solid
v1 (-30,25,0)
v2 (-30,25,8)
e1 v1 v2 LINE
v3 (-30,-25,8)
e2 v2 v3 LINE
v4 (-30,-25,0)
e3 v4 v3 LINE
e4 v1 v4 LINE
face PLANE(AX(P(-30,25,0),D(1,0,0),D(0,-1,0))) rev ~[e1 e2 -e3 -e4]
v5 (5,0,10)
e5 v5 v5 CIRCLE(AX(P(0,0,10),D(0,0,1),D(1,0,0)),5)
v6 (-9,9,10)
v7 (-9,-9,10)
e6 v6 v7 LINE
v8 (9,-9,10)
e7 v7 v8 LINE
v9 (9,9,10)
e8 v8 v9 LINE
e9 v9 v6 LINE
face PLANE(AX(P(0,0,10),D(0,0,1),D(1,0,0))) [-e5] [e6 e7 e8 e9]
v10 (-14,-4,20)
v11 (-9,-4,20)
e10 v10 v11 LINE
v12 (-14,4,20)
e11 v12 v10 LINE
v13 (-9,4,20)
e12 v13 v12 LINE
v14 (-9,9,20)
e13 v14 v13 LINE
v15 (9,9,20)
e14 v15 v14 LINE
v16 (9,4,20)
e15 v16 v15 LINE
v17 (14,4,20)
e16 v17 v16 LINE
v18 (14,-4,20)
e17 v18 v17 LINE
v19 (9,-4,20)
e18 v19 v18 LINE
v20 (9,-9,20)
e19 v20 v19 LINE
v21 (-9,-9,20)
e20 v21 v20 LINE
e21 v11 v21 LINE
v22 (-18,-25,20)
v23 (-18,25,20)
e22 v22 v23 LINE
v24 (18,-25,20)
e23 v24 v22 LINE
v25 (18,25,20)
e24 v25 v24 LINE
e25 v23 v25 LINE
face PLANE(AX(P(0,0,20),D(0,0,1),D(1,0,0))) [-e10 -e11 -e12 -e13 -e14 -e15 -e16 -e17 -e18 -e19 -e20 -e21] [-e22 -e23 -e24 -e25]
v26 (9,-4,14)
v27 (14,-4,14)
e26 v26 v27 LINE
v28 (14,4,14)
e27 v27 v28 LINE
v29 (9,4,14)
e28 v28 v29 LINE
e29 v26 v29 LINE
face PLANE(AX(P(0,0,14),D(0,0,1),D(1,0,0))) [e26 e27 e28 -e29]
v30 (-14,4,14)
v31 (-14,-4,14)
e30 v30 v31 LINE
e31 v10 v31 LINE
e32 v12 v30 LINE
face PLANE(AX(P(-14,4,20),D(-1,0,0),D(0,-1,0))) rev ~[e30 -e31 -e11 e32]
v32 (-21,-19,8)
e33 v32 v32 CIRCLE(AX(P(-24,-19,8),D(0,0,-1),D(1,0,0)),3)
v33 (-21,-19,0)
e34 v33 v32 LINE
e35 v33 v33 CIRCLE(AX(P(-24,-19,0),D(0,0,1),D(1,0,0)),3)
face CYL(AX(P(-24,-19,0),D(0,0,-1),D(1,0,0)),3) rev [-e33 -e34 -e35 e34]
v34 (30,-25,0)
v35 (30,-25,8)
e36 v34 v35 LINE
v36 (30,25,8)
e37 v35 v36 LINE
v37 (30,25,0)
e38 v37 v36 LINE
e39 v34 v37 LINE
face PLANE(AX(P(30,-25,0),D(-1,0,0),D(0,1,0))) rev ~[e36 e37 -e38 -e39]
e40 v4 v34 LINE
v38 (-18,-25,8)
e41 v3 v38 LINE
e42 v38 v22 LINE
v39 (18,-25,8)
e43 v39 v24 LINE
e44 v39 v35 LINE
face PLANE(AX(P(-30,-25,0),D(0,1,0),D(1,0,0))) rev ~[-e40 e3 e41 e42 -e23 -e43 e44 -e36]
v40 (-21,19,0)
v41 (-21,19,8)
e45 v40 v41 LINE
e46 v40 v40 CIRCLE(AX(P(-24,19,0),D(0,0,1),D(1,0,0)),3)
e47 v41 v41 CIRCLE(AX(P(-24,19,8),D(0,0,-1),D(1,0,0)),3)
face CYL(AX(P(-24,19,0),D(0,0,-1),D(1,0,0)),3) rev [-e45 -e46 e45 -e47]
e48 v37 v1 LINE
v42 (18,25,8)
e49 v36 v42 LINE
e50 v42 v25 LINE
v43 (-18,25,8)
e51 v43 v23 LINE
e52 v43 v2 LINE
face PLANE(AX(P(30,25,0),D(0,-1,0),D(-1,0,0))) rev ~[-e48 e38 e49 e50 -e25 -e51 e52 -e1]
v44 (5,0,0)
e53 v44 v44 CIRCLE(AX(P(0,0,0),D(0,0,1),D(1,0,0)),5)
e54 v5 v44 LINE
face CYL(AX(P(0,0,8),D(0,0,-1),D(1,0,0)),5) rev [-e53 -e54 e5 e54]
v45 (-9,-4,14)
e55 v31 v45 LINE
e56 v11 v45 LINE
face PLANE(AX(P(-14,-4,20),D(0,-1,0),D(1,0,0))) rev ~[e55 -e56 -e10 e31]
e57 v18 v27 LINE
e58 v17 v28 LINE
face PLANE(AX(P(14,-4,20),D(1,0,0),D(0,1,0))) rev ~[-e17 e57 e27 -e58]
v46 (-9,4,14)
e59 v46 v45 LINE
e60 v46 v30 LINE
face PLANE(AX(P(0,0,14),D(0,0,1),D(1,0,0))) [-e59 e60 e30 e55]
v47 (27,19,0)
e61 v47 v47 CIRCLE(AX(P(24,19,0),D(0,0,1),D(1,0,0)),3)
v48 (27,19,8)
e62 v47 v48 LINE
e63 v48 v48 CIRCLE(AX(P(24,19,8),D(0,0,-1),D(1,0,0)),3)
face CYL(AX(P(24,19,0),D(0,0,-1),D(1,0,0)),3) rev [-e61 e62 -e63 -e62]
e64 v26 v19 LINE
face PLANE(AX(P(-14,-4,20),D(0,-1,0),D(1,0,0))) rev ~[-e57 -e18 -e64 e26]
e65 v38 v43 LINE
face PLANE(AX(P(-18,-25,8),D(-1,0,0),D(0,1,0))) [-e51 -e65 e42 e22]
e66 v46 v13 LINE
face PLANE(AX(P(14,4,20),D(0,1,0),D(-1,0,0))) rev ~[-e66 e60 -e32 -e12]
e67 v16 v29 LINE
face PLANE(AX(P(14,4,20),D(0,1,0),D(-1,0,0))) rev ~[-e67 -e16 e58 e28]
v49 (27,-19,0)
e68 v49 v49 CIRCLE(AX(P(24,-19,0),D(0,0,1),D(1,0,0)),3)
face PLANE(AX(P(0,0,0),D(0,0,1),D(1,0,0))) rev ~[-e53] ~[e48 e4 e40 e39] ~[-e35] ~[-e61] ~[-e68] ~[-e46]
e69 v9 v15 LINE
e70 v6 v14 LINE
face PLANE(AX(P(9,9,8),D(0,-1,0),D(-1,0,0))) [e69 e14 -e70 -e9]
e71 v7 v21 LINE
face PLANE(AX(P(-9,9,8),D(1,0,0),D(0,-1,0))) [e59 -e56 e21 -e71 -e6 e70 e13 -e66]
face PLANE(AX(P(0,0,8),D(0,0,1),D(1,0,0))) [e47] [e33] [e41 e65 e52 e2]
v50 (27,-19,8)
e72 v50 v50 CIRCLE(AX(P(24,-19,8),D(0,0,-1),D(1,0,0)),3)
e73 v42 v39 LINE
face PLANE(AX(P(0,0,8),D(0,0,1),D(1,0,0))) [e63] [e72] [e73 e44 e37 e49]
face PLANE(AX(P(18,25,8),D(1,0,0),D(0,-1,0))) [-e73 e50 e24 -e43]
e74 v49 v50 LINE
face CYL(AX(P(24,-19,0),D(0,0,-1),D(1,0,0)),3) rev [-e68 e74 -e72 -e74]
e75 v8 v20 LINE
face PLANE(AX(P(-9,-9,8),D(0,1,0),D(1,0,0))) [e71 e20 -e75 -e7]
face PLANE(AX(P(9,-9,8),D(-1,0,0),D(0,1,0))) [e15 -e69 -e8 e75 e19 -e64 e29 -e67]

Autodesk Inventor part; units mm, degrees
ref_plane "YZ Plane" through (0, 0, 0) normal (1, 0, 0) x (0, 1, 0)
ref_plane "XZ Plane" through (0, 0, 0) normal (0, 1, 0) x (-1, 0, 0)
ref_plane "XY Plane" through (0, 0, 0) normal (0, 0, 1) x (1, 0, 0)
sketch "podstawa" plane through (0, 0, 0) normal (0, 0, 1) x (1, 0, 0)
  line L0 (-30, -25) -> (30, -25)
  line L1 (30, -25) -> (30, 25)
  line L2 (30, 25) -> (-30, 25)
  line L3 (-30, 25) -> (-30, -25)
  circle A0 centre (0, 0) radius 5
  line L4 (0, 0) -> (24, 0) construction
  line L5 (24, 0) -> (24, 19) construction
  circle A1 centre (24, 19) radius 3
  line L6 (0, 25) -> (0, -25) construction
  circle A2 centre (-24, 19) radius 3
  line L7 (-30, 0) -> (30, 0) construction
  circle A3 centre (24, -19) radius 3
  circle A4 centre (-24, -19) radius 3
  dimension "d0" = 60
  dimension "d1" = 50
  dimension "d9" = 10
  dimension "d26" = 24
  dimension "d27" = 19
  dimension "d28" = 6
extrude "Wyciągnięcie proste1" add sketch "podstawa" along normal blind 8 contours L3 L2 L1 L0 | A1 | A2 | A3 | A4
sketch "nakladka" plane through (0, 0, 8) normal (0, 0, 1) x (1, 0, 0)
  line L0 (18, -25) -> (-18, -25)
  line L1 (-18, -25) -> (-18, 25)
  line L2 (-18, 25) -> (18, 25)
  line L3 (18, 25) -> (18, -25)
  line L4 (18, -25) -> (-18, 25) construction
  line L5 (-18, -25) -> (18, 25) construction
  line L6 (-9, -9) -> (9, -9)
  line L7 (9, -9) -> (9, 9)
  line L8 (9, 9) -> (-9, 9)
  line L9 (-9, 9) -> (-9, -9)
  line L10 (-9, -9) -> (9, 9) construction
  line L11 (9, -9) -> (-9, 9) construction
  point P0 (0, 0)
  dimension "d12" = 36
  dimension "d13" = 50
  dimension "d14" = 18
  dimension "d15" = 18
extrude "Wyciągnięcie proste2" add sketch "nakladka" along normal blind 12
sketch "srodek_2mm" plane through (0, 0, 8) normal (0, 0, 1) x (1, 0, 0)
  line L0 (-9, -9) -> (9, -9)
  line L1 (9, -9) -> (9, 9)
  line L2 (9, 9) -> (-9, 9)
  line L3 (-9, 9) -> (-9, -9)
  line L4 (-9, -9) -> (9, 9) construction
  line L5 (9, -9) -> (-9, 9) construction
  circle A0 centre (0, 0) radius 5
extrude "Wyciągnięcie proste3" add sketch "srodek_2mm" along normal blind 2
sketch "wyciecie_gora_6mm" plane through (0, 0, 20) normal (0, 0, 1) x (1, 0, 0)
  line L0 (-14, -4) -> (14, -4)
  line L1 (14, -4) -> (14, 4)
  line L2 (14, 4) -> (-14, 4)
  line L3 (-14, 4) -> (-14, -4)
  line L4 (-14, -4) -> (14, 4) construction
  line L5 (14, -4) -> (-14, 4) construction
  point P0 (0, 0)
  dimension "d20" = 28
  dimension "d21" = 8
extrude "Wyciągnięcie proste4" cut sketch "wyciecie_gora_6mm" against normal blind 6
extrude "Wyciągnięcie proste5" cut sketch "podstawa" along normal through all contours A1 | A2 | A3 | A4
properties part number "Bartosz_Zukowski_model_nr_7"
